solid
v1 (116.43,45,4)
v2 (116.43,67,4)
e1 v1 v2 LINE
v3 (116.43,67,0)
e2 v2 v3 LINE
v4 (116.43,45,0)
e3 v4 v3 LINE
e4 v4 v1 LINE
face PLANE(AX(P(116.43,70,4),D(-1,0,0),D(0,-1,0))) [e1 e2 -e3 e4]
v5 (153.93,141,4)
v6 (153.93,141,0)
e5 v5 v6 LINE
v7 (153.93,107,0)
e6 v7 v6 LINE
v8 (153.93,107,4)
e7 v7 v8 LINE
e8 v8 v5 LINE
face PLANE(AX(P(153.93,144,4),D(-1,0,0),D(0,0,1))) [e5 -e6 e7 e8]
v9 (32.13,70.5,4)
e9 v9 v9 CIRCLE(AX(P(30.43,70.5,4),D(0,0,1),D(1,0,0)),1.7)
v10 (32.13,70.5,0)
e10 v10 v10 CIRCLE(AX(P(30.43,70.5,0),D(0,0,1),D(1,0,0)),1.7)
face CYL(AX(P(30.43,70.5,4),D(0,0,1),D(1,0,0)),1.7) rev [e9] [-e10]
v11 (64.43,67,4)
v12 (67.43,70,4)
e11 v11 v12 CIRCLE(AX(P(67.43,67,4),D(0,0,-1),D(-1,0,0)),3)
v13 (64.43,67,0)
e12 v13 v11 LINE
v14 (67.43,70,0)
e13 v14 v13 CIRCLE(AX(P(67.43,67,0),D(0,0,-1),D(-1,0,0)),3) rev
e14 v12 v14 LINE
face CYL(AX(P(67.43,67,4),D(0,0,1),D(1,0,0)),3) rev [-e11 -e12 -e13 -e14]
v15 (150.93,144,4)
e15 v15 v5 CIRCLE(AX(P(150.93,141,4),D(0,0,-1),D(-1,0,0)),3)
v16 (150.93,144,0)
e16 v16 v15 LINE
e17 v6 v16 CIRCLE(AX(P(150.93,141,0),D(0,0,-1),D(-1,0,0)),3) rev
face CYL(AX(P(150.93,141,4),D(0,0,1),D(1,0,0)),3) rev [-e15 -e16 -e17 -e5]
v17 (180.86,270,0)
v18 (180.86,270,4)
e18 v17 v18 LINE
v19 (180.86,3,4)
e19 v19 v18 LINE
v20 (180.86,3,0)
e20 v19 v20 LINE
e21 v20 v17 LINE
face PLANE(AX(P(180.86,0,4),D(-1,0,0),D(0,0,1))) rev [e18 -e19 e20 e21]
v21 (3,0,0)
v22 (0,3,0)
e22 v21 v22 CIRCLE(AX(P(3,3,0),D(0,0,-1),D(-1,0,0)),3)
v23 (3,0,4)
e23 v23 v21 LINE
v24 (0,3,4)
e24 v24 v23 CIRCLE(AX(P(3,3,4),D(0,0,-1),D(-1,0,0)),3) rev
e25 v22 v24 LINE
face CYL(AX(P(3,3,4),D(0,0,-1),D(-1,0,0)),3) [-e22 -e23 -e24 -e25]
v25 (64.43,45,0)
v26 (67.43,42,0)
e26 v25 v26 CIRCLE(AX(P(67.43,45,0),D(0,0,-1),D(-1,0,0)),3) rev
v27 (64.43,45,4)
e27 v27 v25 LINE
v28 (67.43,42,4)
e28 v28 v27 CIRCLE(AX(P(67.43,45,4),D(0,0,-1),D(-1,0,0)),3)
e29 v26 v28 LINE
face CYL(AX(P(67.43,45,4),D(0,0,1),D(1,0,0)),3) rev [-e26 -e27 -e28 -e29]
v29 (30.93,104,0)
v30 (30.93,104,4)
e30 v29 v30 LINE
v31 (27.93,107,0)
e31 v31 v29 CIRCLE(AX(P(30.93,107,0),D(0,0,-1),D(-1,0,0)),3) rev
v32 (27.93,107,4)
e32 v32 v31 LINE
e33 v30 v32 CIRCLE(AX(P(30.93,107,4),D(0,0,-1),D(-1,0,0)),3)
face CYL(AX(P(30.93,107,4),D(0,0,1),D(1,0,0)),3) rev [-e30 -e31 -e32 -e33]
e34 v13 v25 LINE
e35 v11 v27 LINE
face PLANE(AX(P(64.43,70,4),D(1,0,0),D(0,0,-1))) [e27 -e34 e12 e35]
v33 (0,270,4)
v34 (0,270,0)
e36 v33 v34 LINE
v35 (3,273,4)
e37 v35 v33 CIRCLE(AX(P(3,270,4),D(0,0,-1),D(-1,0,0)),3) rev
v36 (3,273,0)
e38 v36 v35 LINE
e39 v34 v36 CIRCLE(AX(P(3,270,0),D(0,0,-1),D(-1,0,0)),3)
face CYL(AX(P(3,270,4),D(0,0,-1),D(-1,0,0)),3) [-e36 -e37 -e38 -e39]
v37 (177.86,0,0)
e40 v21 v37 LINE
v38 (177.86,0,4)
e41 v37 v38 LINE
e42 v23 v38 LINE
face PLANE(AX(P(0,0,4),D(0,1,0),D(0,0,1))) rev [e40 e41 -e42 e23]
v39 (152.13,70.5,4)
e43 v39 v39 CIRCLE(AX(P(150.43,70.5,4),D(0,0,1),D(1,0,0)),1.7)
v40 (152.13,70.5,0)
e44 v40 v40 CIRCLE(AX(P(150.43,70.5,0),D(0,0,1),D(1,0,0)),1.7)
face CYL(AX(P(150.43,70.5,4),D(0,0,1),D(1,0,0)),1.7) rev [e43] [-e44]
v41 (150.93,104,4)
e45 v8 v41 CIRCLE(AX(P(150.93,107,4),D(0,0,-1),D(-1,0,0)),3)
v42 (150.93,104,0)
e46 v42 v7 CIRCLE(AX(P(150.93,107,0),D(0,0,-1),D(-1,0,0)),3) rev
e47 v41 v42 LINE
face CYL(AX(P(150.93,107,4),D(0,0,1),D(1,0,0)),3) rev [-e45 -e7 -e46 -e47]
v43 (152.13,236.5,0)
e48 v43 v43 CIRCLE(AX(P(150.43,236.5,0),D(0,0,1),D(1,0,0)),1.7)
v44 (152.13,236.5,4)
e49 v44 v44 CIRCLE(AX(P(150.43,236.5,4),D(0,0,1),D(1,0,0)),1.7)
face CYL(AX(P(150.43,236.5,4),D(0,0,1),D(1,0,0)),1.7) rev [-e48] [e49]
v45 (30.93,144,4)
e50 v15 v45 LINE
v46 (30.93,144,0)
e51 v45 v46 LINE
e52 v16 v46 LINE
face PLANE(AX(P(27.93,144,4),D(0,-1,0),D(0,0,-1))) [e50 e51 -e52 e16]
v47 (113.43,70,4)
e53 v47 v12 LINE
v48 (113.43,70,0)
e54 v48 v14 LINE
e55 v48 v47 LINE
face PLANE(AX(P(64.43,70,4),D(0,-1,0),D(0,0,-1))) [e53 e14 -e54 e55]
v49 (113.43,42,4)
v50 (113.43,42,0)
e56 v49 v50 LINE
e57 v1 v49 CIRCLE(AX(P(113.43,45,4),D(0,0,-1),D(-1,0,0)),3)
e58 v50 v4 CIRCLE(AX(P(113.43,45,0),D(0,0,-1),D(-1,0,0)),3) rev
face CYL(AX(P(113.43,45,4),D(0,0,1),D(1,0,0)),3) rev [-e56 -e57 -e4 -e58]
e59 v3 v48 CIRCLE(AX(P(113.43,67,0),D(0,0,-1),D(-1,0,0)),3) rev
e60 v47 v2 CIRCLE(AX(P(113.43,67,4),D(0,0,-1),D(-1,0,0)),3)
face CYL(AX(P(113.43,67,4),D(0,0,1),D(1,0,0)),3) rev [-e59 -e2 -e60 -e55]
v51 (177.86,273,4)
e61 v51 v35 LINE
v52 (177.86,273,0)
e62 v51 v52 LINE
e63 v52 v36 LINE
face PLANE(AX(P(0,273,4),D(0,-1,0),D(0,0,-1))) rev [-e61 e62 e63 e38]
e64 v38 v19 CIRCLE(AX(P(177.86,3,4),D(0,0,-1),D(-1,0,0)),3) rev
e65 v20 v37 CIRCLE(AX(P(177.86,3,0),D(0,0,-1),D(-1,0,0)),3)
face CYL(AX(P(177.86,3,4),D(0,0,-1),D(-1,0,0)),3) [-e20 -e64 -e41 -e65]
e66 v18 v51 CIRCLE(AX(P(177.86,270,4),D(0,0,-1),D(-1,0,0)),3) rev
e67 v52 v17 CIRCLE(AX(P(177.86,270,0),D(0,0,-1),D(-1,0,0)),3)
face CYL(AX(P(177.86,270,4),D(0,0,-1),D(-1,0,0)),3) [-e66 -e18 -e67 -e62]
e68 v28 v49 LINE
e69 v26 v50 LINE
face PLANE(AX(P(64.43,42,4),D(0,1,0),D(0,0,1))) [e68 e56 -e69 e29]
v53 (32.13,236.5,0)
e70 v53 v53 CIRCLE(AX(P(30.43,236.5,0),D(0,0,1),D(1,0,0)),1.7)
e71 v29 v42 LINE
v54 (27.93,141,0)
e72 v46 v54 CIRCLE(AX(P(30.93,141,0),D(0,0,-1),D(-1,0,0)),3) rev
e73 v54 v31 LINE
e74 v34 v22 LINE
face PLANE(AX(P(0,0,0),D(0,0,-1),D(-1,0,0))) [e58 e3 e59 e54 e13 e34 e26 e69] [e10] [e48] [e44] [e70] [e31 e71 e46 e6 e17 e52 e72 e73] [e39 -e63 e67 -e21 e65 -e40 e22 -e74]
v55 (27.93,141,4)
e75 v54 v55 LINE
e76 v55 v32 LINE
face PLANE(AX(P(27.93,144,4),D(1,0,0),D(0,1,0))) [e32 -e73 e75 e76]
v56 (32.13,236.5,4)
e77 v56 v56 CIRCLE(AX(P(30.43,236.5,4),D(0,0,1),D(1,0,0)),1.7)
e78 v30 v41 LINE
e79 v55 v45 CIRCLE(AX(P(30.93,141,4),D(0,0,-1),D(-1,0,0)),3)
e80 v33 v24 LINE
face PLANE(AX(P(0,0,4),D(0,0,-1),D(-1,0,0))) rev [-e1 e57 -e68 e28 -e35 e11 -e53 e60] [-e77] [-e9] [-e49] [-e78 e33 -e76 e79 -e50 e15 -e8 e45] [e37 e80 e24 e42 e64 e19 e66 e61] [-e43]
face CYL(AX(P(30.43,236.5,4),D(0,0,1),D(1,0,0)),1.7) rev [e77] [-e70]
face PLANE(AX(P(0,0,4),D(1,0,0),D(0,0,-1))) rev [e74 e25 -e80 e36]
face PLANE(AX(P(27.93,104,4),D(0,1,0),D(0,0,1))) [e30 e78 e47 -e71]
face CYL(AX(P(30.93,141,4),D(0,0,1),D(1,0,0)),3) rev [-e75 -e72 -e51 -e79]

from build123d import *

# Parameters (mm, degrees)
ESQUISSE1_W        = 180.86
ESQUISSE1_H        = 273
ESQUISSE1_R        = 1.5
ESQUISSE1_W_2      = 52
ESQUISSE1_H_2      = 28
ESQUISSE1_W_3      = 126
ESQUISSE1_H_3      = 40
BOSS_EXTRU_1_DEPTH = 4
D_GAGEMENT_M31_D   = 3.4
CONG_1_R           = 3


with BuildPart() as part:
    # Esquisse1 → Boss.-Extru.1 (new body)
    with BuildSketch(Plane.XY):
        with Locations((90.43, 136.5)):
            Rectangle(ESQUISSE1_W, ESQUISSE1_H)
        with Locations((30.43, 236.5)):
            Circle(ESQUISSE1_R, mode=Mode.SUBTRACT)
        with Locations((150.43, 236.5)):
            Circle(ESQUISSE1_R, mode=Mode.SUBTRACT)
        with Locations((30.43, 70.5)):
            Circle(ESQUISSE1_R, mode=Mode.SUBTRACT)
        with Locations((150.43, 70.5)):
            Circle(ESQUISSE1_R, mode=Mode.SUBTRACT)
        with Locations((90.43, 56)):
            Rectangle(ESQUISSE1_W_2, ESQUISSE1_H_2, mode=Mode.SUBTRACT)
        with Locations((90.93, 124)):
            Rectangle(ESQUISSE1_W_3, ESQUISSE1_H_3, mode=Mode.SUBTRACT)
    extrude(amount=BOSS_EXTRU_1_DEPTH)

    # Dégagement M31 (through all)
    with Locations(Plane.XY.offset(4)):
        with Locations((30.43, 236.5), (150.43, 236.5), (150.43, 70.5), (30.43, 70.5)):
            Hole(D_GAGEMENT_M31_D / 2)

    # Congé1
    cong_1_edges = [part.edges().sort_by_distance(p)[0] for p in [
        (64.43, 70, 2),
        (64.43, 42, 2),
        (116.43, 42, 2),
        (116.43, 70, 2),
        (27.93, 144, 2),
        (27.93, 104, 2),
        (153.93, 104, 2),
        (153.93, 144, 2),
        (0, 273, 2),
        (180.86, 273, 2),
        (180.86, 0, 2),
        (0, 0, 2),
    ]]
    fillet(cong_1_edges, radius=CONG_1_R)


solid = part.part
